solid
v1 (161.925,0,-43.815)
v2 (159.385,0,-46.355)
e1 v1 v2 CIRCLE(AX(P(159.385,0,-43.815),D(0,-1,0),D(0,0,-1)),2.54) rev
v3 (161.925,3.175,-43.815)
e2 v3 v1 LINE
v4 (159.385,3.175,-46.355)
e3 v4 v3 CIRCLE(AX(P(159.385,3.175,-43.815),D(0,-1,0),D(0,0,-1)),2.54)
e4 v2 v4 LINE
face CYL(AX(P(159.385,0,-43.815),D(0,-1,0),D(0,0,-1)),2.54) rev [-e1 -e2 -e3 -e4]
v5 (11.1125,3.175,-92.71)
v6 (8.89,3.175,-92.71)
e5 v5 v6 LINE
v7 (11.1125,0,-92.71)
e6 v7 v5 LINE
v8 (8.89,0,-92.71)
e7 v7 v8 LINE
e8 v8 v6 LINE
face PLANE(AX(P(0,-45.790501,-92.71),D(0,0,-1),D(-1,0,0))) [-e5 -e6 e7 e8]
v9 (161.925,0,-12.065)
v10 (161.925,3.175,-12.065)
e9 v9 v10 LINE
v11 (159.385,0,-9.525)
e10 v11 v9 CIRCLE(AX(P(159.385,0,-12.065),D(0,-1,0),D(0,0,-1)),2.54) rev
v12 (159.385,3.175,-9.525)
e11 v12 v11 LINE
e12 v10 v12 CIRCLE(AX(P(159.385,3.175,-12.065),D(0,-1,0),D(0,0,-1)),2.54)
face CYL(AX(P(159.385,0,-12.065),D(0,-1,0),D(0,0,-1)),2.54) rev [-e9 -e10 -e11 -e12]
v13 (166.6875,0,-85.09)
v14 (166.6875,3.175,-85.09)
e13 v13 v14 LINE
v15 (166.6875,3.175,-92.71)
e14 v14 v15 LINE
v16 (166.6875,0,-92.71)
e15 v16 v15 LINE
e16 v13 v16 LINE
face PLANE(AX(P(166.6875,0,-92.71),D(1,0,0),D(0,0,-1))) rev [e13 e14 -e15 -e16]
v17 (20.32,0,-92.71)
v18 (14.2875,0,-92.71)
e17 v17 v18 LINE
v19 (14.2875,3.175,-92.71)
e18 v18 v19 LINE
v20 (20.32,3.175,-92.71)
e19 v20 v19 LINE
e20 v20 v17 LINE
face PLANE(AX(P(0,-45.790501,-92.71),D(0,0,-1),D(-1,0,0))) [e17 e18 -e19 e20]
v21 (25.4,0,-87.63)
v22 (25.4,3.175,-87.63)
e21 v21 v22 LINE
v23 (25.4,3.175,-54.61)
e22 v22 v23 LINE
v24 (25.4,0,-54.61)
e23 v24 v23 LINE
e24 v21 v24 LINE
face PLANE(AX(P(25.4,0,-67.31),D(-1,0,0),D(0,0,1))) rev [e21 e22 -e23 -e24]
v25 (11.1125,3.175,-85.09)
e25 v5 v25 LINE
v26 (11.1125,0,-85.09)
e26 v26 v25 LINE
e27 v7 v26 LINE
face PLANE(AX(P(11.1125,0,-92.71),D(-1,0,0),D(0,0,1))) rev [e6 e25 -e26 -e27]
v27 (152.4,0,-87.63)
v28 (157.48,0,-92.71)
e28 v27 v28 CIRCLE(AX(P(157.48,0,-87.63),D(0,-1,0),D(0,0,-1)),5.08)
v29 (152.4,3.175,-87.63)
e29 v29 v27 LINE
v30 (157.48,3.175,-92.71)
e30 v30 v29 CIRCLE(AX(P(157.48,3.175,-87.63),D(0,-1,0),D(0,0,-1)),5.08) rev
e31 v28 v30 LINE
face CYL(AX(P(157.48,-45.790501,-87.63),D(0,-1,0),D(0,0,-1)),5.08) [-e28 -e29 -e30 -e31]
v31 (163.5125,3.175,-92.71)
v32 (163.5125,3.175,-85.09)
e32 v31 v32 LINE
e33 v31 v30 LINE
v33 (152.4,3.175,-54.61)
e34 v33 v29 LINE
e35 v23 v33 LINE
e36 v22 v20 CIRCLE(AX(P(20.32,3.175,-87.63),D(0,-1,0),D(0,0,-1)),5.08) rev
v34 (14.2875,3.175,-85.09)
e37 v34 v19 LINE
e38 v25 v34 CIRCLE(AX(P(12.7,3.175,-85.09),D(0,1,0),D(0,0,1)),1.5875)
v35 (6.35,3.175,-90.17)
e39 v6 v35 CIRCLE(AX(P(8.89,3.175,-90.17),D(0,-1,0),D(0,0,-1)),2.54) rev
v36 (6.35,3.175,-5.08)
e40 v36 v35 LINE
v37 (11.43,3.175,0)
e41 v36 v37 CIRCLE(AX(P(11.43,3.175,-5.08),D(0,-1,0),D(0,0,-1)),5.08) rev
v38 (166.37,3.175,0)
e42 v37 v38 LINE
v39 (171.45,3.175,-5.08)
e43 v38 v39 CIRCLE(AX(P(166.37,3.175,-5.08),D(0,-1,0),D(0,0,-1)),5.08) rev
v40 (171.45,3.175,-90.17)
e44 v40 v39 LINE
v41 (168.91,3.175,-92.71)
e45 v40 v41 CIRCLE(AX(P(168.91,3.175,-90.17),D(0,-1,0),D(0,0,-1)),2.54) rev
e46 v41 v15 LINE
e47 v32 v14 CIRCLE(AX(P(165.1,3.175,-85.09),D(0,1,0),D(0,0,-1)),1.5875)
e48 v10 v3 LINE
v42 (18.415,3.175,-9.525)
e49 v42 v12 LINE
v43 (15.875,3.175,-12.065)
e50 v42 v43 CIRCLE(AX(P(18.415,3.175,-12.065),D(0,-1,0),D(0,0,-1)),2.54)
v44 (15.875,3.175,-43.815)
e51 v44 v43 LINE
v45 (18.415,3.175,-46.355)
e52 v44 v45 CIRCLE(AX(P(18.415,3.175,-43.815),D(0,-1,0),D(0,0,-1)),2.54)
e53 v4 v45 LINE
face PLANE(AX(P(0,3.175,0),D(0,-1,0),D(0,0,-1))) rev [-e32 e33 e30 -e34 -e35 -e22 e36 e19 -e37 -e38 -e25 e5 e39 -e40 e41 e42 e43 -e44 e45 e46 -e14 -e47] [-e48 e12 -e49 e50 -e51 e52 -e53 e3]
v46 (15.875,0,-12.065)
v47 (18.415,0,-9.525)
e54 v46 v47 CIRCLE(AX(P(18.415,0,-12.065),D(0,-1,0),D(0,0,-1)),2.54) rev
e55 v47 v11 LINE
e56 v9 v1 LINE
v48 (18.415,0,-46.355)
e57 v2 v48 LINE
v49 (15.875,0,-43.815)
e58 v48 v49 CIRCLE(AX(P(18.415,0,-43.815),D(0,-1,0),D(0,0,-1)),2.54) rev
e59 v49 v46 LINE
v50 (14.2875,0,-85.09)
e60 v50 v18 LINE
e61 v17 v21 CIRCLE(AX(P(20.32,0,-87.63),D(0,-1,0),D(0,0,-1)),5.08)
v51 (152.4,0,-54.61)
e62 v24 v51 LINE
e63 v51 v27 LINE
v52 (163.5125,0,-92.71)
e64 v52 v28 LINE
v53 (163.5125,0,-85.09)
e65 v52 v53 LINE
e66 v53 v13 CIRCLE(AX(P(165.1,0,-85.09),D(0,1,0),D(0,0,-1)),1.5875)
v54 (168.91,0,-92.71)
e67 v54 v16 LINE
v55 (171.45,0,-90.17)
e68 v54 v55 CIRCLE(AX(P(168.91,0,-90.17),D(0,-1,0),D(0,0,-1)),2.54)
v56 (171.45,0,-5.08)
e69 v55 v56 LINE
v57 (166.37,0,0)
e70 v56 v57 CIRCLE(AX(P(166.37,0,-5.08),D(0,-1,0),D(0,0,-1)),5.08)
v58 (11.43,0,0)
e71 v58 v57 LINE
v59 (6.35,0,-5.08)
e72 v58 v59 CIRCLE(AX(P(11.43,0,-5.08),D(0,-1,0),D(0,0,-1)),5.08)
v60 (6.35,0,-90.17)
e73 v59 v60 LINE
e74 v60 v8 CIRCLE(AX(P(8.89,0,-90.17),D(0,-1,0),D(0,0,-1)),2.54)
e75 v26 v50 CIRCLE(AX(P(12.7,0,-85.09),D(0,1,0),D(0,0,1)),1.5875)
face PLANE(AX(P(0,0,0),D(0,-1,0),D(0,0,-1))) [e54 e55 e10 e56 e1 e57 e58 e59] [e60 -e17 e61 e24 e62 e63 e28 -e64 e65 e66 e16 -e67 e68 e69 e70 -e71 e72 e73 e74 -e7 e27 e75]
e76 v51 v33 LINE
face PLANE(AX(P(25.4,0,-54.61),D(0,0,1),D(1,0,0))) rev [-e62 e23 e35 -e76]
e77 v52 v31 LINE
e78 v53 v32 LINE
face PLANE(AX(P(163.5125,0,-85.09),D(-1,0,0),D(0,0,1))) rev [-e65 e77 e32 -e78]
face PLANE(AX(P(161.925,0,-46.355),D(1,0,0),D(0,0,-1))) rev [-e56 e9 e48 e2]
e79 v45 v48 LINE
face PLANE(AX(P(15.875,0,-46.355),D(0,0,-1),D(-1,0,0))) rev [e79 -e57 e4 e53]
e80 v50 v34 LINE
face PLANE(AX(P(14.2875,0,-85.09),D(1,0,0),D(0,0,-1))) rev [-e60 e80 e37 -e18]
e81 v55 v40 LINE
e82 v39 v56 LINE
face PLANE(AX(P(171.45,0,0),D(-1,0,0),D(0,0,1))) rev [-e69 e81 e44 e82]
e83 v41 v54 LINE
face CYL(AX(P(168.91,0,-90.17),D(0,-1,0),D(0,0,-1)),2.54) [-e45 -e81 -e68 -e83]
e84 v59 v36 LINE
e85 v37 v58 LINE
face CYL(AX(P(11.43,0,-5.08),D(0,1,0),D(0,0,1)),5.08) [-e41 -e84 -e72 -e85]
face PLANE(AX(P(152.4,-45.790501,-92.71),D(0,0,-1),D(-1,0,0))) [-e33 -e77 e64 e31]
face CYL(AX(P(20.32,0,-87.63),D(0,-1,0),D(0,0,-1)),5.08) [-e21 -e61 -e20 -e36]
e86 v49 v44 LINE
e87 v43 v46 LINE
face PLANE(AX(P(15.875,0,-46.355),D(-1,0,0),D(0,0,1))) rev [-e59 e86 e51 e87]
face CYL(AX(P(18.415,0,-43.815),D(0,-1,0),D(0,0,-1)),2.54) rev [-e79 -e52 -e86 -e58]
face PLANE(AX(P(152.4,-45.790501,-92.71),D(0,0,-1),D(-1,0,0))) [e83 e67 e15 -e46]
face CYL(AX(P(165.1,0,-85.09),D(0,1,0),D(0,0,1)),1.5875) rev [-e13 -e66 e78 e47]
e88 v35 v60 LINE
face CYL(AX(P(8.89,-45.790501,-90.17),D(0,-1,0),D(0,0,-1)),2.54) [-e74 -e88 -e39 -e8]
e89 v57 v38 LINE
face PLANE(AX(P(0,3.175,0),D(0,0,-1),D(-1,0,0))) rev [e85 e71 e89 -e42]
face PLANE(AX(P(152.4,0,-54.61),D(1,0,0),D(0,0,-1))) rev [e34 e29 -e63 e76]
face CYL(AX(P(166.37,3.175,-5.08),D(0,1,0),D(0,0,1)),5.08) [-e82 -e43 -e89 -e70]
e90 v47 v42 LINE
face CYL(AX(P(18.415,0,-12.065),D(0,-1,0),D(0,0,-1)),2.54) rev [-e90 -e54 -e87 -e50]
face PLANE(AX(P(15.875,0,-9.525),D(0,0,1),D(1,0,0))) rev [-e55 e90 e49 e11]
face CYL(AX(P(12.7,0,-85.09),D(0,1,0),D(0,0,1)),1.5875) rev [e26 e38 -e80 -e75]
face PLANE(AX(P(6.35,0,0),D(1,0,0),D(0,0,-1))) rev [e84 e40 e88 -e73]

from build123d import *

# Parameters (mm, degrees)
SKETCH1_W           = 177.8
SKETCH1_H           = 67.31
BOSS_EXTRUDE1_DEPTH = 3.175
CUT_EXTRUDE2_DEPTH  = 4.175
SKETCH5_W           = 127
SKETCH5_H           = 12.7
CUT_EXTRUDE3_DEPTH  = 4.175
SKETCH7_W           = 25.4
SKETCH7_H           = 38.1
BOSS_EXTRUDE2_DEPTH = 3.175
CUT_EXTRUDE4_DEPTH  = 4.175
FILLET3_R           = 5.08
SKETCH9_W           = 6.35
SKETCH9_H           = 92.71
CUT_EXTRUDE5_DEPTH  = 4.175
FILLET4_R           = 2.54
FILLET5_R           = 5.08
SKETCH10_W          = 146.05
SKETCH10_H          = 36.83
CUT_EXTRUDE6_DEPTH  = 4.175
FILLET6_R           = 2.54


with BuildPart() as part:
    # Sketch1 → Boss-Extrude1 (new body)
    with BuildSketch(Plane(origin=(0, 0, 0), x_dir=(1, 0, 0), z_dir=(0, 1, 0))):
        with Locations((88.9, 33.655)):
            Rectangle(SKETCH1_W, SKETCH1_H)
    extrude(amount=BOSS_EXTRUDE1_DEPTH)

    # Sketch4 → Cut-Extrude2 (cut, through all)
    with BuildSketch(Plane(origin=(0, 3.175, 0), x_dir=(1, 0, 0), z_dir=(0, 1, 0))):
        with BuildLine():
            Line((11.1125, 67.31), (11.1125, 62.23))
            ThreePointArc((11.1125, 62.23), (12.7, 60.6425), (14.2875, 62.23))
            Line((14.2875, 62.23), (14.2875, 67.31))
            Line((14.2875, 67.31), (11.1125, 67.31))
        make_face()
        with BuildLine():
            Line((166.6875, 67.31), (166.6875, 62.23))
            ThreePointArc((166.6875, 62.23), (165.1, 60.6425), (163.5125, 62.23))
            Line((163.5125, 62.23), (163.5125, 67.31))
            Line((163.5125, 67.31), (166.6875, 67.31))
        make_face()
    extrude(amount=-CUT_EXTRUDE2_DEPTH, mode=Mode.SUBTRACT)

    # Sketch5 → Cut-Extrude3 (cut, through all)
    with BuildSketch(Plane(origin=(0, 3.175, 0), x_dir=(1, 0, 0), z_dir=(0, 1, 0))):
        with Locations((88.9, 60.96)):
            Rectangle(SKETCH5_W, SKETCH5_H)
    extrude(amount=-CUT_EXTRUDE3_DEPTH, mode=Mode.SUBTRACT)

    # Sketch7 → Boss-Extrude2 (add)
    with BuildSketch(Plane(origin=(0, 3.175, 0), x_dir=(1, 0, 0), z_dir=(0, 1, 0))):
        with Locations((12.7, 73.66)):
            Rectangle(SKETCH7_W, SKETCH7_H)
        with Locations((165.1, 73.66)):
            Rectangle(SKETCH7_W, SKETCH7_H)
    extrude(amount=-BOSS_EXTRUDE2_DEPTH)

    # Sketch8 → Cut-Extrude4 (cut, through all)
    with BuildSketch(Plane(origin=(0, 3.175, 0), x_dir=(1, 0, 0), z_dir=(0, 1, 0))):
        with BuildLine():
            Line((11.1125, 92.71), (11.1125, 85.09))
            ThreePointArc((11.1125, 85.09), (12.7, 83.5025), (14.2875, 85.09))
            Line((14.2875, 85.09), (14.2875, 92.71))
            Line((14.2875, 92.71), (11.1125, 92.71))
        make_face()
        with BuildLine():
            Line((163.5125, 85.09), (163.5125, 92.71))
            Line((163.5125, 92.71), (166.6875, 92.71))
            Line((166.6875, 92.71), (166.6875, 85.09))
            ThreePointArc((166.6875, 85.09), (165.1, 83.5025), (163.5125, 85.09))
        make_face()
    extrude(amount=-CUT_EXTRUDE4_DEPTH, mode=Mode.SUBTRACT)

    # Fillet3
    fillet3_edges = [part.edges().sort_by_distance(p)[0] for p in [
        (25.4, 1.5875, -92.71),
        (0, 1.5875, -92.71),
        (177.8, 1.5875, -92.71),
        (152.4, 1.5875, -92.71),
    ]]
    fillet(fillet3_edges, radius=FILLET3_R)

    # Sketch9 → Cut-Extrude5 (cut, through all)
    with BuildSketch(Plane(origin=(0, 3.175, 0), x_dir=(1, 0, 0), z_dir=(0, 1, 0))):
        with Locations((3.175, 46.355)):
            Rectangle(SKETCH9_W, SKETCH9_H)
        with Locations((174.625, 46.355)):
            Rectangle(SKETCH9_W, SKETCH9_H)
    extrude(amount=-CUT_EXTRUDE5_DEPTH, mode=Mode.SUBTRACT)

    # Fillet4
    fillet4_edges = [part.edges().sort_by_distance(p)[0] for p in [
        (6.35, 1.5875, -92.71),
        (171.45, 1.5875, -92.71),
    ]]
    fillet(fillet4_edges, radius=FILLET4_R)

    # Fillet5
    fillet5_edges = [part.edges().sort_by_distance(p)[0] for p in [
        (6.35, 1.5875, 0),
        (171.45, 1.5875, 0),
    ]]
    fillet(fillet5_edges, radius=FILLET5_R)

    # Sketch10 → Cut-Extrude6 (cut, through all)
    with BuildSketch(Plane(origin=(0, 3.175, 0), x_dir=(1, 0, 0), z_dir=(0, 1, 0))):
        with Locations((88.9, 27.94)):
            Rectangle(SKETCH10_W, SKETCH10_H)
    extrude(amount=-CUT_EXTRUDE6_DEPTH, mode=Mode.SUBTRACT)

    # Fillet6
    fillet6_edges = [part.edges().sort_by_distance(p)[0] for p in [
        (15.875, 1.5875, -9.525),
        (15.875, 1.5875, -46.355),
        (161.925, 1.5875, -46.355),
        (161.925, 1.5875, -9.525),
    ]]
    fillet(fillet6_edges, radius=FILLET6_R)


solid = part.part
